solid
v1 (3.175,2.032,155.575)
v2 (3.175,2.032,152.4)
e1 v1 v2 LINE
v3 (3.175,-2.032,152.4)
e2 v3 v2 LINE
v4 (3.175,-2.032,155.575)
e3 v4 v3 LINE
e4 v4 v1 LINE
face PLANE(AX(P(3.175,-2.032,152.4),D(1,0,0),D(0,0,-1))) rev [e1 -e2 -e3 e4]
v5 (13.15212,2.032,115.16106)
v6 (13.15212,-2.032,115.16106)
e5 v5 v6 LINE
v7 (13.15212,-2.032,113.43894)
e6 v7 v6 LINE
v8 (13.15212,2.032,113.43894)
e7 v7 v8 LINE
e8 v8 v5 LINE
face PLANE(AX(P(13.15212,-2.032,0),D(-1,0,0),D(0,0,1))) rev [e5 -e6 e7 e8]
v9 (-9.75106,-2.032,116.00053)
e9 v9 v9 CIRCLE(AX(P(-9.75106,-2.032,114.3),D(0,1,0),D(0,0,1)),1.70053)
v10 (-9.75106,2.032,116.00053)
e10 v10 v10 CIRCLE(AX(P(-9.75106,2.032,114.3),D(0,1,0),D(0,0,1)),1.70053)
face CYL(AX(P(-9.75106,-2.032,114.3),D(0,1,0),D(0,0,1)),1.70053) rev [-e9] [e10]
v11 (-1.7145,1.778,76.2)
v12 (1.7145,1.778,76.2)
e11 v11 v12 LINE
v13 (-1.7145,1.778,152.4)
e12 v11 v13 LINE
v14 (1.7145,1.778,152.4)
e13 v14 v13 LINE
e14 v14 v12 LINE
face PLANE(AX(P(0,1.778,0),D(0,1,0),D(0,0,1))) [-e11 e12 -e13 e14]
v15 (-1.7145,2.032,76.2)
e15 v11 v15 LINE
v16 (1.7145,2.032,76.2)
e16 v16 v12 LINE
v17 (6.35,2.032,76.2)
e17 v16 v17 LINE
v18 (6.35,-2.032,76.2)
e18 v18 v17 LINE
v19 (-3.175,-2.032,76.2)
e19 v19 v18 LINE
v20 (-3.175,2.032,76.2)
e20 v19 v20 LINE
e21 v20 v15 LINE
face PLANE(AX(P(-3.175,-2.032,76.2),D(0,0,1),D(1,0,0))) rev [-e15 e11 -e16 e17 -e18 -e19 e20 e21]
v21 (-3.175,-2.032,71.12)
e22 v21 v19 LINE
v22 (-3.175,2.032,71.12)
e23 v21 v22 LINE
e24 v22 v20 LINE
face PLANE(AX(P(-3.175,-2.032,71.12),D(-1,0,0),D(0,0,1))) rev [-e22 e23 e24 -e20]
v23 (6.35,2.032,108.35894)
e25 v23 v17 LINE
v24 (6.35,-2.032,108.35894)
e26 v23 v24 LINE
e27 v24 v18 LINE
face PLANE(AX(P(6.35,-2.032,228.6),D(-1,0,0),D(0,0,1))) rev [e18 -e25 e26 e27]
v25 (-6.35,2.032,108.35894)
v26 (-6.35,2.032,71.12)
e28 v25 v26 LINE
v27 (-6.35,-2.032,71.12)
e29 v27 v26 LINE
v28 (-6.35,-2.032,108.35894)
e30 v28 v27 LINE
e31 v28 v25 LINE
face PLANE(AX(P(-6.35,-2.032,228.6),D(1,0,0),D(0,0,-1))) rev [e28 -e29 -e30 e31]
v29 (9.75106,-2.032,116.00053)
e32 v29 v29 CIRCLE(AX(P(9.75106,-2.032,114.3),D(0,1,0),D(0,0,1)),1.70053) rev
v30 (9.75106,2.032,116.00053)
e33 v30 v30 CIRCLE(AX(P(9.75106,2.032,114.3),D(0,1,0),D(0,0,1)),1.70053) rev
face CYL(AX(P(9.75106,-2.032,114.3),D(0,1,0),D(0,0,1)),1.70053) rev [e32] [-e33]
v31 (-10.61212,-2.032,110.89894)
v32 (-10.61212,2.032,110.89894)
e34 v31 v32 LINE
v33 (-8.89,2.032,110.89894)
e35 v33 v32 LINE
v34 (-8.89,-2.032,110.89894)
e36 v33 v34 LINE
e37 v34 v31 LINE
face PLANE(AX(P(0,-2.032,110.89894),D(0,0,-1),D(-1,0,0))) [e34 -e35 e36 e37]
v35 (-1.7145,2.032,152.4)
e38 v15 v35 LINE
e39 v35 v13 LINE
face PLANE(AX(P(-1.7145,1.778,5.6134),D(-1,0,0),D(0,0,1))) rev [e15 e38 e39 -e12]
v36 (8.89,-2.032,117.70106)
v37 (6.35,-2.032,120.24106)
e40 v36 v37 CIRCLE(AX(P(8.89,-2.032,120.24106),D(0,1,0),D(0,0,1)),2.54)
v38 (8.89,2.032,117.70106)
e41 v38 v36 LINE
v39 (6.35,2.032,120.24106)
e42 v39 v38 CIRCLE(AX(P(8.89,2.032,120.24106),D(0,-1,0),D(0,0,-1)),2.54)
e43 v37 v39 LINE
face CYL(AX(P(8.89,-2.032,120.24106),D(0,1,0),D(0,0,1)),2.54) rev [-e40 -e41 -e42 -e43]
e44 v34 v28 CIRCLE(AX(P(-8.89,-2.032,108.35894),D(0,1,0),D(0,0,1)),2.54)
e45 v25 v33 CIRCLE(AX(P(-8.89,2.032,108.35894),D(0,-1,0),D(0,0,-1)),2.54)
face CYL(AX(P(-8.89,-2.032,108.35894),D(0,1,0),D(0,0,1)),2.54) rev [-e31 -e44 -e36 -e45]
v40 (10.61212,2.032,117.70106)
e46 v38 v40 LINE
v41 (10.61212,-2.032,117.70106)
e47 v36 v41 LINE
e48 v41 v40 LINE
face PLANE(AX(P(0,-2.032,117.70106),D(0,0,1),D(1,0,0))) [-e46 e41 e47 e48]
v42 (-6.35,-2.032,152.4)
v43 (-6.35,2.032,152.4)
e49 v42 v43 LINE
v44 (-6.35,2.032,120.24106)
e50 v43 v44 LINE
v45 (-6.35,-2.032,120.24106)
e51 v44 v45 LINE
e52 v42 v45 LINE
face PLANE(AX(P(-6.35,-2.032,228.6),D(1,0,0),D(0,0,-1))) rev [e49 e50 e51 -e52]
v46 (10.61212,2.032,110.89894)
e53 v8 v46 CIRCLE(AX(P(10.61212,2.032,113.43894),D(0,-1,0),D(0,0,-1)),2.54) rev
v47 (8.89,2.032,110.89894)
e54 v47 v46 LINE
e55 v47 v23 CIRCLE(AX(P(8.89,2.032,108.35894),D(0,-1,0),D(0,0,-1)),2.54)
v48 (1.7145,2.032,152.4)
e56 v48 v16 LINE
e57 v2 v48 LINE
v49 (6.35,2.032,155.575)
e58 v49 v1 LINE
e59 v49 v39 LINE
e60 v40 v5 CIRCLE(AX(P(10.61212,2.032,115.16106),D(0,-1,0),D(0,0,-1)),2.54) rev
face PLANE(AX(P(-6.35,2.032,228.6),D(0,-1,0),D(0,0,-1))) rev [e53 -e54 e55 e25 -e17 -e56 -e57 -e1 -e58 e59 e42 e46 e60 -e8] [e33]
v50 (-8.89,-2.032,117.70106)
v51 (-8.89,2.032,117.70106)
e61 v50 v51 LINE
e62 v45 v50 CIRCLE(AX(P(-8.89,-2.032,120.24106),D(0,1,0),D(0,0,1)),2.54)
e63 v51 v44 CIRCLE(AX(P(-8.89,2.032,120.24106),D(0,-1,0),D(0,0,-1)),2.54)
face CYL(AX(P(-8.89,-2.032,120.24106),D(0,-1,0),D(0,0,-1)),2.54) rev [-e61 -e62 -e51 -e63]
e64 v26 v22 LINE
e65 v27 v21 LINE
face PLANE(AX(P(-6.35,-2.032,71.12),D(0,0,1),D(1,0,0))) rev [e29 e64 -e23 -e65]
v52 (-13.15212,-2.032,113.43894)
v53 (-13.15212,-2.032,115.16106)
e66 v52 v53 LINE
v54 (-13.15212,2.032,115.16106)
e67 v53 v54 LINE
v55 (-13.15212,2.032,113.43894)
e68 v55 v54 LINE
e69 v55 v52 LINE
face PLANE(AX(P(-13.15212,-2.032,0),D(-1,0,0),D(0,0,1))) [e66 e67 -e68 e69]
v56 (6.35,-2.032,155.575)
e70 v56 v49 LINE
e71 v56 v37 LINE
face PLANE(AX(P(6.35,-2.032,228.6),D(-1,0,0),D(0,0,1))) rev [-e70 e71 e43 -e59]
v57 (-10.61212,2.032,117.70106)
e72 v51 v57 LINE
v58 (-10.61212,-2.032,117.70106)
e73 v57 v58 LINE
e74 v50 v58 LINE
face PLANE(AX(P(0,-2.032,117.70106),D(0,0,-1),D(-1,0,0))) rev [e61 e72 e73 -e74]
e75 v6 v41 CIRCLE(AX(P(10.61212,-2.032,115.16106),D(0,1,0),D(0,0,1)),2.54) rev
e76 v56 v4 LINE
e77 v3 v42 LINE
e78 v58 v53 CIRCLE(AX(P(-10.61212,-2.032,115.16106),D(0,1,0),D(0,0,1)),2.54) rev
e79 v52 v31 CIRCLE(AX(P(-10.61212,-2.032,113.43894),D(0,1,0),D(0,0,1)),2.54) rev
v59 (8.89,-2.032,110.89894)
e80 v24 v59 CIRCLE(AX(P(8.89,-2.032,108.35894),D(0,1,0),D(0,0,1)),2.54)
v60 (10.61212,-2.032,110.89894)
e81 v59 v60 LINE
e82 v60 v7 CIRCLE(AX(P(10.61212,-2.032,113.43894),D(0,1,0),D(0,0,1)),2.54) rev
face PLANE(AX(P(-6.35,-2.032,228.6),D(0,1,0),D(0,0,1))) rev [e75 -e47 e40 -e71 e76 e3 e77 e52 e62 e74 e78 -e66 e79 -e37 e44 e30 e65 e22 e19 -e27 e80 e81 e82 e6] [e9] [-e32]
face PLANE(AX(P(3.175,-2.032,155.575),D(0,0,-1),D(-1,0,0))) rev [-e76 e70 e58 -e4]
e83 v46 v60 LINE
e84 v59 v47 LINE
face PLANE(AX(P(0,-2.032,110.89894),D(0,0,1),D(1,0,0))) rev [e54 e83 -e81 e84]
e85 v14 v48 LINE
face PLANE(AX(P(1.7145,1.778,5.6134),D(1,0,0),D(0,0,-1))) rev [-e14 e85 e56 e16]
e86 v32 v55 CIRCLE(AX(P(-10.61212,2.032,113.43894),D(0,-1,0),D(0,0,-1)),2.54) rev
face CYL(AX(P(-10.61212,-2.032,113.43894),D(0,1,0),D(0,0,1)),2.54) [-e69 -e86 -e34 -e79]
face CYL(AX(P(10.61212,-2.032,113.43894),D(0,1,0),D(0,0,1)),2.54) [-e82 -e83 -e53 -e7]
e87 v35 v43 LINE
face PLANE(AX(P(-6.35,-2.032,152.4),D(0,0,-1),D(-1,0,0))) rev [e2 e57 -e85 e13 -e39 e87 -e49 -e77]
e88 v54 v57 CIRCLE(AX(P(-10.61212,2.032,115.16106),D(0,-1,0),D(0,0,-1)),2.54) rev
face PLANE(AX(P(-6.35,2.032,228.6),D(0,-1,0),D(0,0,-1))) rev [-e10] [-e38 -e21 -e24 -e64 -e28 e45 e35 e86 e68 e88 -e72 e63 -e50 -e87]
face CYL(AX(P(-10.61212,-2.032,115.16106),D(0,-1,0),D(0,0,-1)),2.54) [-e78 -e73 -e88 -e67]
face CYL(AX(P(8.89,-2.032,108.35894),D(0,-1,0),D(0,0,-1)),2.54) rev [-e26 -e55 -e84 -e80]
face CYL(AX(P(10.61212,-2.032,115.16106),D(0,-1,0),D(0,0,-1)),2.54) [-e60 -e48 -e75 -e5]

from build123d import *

# Parameters (mm, degrees)
SKETCH1_W               = 12.7
SKETCH1_H               = 4.064
BOSS_EXTRUDE1_DEPTH     = 228.6
SKETCH2_W               = 3.429
SKETCH2_H               = 217.3732
CUT_EXTRUDE1_DEPTH      = 0.254
SKETCH3_W               = 0.508
SKETCH3_H               = 5.08
CUT_EXTRUDE2_DEPTH      = 229.724285103
MIRROR2_COPY_1_SKETCH_W = 0.508
MIRROR2_COPY_1_SKETCH_H = 5.08
MIRROR2_COPY_1_DEPTH    = 229.724285103
SKETCH4_W               = 3.175
SKETCH4_H               = 3.175
CUT_EXTRUDE3_DEPTH      = 229.724285103
CUT_EXTRUDE5_DEPTH      = 229.724285103
SKETCH6_W               = 6.80212
SKETCH6_H               = 6.80212
SKETCH6_R               = 1.70053
BOSS_EXTRUDE2_DEPTH     = 4.064
FILLET1_R               = 2.54


with BuildPart() as part:
    # Sketch1 → Boss-Extrude1 (new body)
    with BuildSketch(Plane.XY):
        Rectangle(SKETCH1_W, SKETCH1_H)
    extrude(amount=BOSS_EXTRUDE1_DEPTH)

    # Sketch2 → Cut-Extrude1 (cut)
    with BuildSketch(Plane(origin=(0, 2.032, 0), x_dir=(1, 0, 0), z_dir=(0, 1, 0))):
        with Locations((0, -114.3)):
            Rectangle(SKETCH2_W, SKETCH2_H)
    extrude(amount=-CUT_EXTRUDE1_DEPTH, mode=Mode.SUBTRACT)

    # Sketch3 → Cut-Extrude2 (cut, through all)
    with BuildSketch(Plane(origin=(0, 2.032, 0), x_dir=(1, 0, 0), z_dir=(0, 1, 0))):
        with Locations((-6.096, -226.06)):
            Rectangle(SKETCH3_W, SKETCH3_H)
    cut_extrude2 = extrude(amount=-CUT_EXTRUDE2_DEPTH, mode=Mode.SUBTRACT)

    # Mirror1: Cut-Extrude2 across plane
    add(cut_extrude2.mirror(Plane(origin=(0, 0, 114.3), x_dir=(1, 0, 0), z_dir=(0, 0, -1))), mode=Mode.SUBTRACT)

    # Mirror2: Cut-Extrude2 across plane
    add(cut_extrude2.mirror(Plane(origin=(0, 0, 0), x_dir=(0, 0, 1), z_dir=(1, 0, 0))), mode=Mode.SUBTRACT)

    # Mirror2 copy 1 sketch → Mirror2 copy 1 (cut, through all)
    with BuildSketch(Plane(origin=(0, 2.032, 228.6), x_dir=(-1, 0, 0), z_dir=(0, 1, 0))):
        with Locations((-6.096, -226.06)):
            Rectangle(MIRROR2_COPY_1_SKETCH_W, MIRROR2_COPY_1_SKETCH_H)
    extrude(amount=-MIRROR2_COPY_1_DEPTH, mode=Mode.SUBTRACT)

    # Sketch4 → Cut-Extrude3 (cut, through all)
    with BuildSketch(Plane(origin=(0, 2.032, 0), x_dir=(1, 0, 0), z_dir=(0, 1, 0))):
        with Locations((-4.2545, -227.0125)):
            Rectangle(SKETCH4_W, SKETCH4_H)
    extrude(amount=-CUT_EXTRUDE3_DEPTH, mode=Mode.SUBTRACT)

    # Sketch5 → Cut-Extrude5 (cut, through all)
    with BuildSketch(Plane(origin=(0, 2.032, 0), x_dir=(1, 0, 0), z_dir=(0, 1, 0))):
        Polygon((-6.35, 0), (6.35, 0), (6.35, -76.2), (-3.175, -76.2), (-3.175, -71.12), (-6.35, -71.12), align=None)
        Polygon((-6.35, -152.4), (3.175, -152.4), (3.175, -155.575), (6.35, -155.575), (6.35, -228.6), (-6.35, -228.6), align=None)
    extrude(amount=-CUT_EXTRUDE5_DEPTH, mode=Mode.SUBTRACT)

    # Sketch6 → Boss-Extrude2 (add, through all)
    # profile 1 of 2: a face of its own
    with BuildSketch(Plane(origin=(0, 2.032, 0), x_dir=(1, 0, 0), z_dir=(0, 1, 0))):
        with Locations((-9.75106, -114.3)):
            Rectangle(SKETCH6_W, SKETCH6_H)
        with Locations(Location((-9.75106, -114.3, 0), (0, 0, 270))):
            Circle(SKETCH6_R, mode=Mode.SUBTRACT)
    # profile 2 of 2: a face of its own
    with BuildSketch(Plane(origin=(0, 2.032, 0), x_dir=(1, 0, 0), z_dir=(0, 1, 0))):
        with Locations((9.75106, -114.3)):
            Rectangle(SKETCH6_W, SKETCH6_H)
        with Locations(Location((9.75106, -114.3, 0), (0, 0, 270))):
            Circle(SKETCH6_R, mode=Mode.SUBTRACT)
    extrude(amount=-BOSS_EXTRUDE2_DEPTH)

    # Fillet1
    fillet1_edges = [part.edges().sort_by_distance(p)[0] for p in [
        (6.35, 0, 110.89894),
        (13.15212, 0, 110.89894),
        (13.15212, 0, 117.70106),
        (6.35, 0, 117.70106),
        (-6.35, 0, 117.70106),
        (-13.15212, 0, 117.70106),
        (-13.15212, 0, 110.89894),
        (-6.35, 0, 110.89894),
    ]]
    fillet(fillet1_edges, radius=FILLET1_R)


solid = part.part
